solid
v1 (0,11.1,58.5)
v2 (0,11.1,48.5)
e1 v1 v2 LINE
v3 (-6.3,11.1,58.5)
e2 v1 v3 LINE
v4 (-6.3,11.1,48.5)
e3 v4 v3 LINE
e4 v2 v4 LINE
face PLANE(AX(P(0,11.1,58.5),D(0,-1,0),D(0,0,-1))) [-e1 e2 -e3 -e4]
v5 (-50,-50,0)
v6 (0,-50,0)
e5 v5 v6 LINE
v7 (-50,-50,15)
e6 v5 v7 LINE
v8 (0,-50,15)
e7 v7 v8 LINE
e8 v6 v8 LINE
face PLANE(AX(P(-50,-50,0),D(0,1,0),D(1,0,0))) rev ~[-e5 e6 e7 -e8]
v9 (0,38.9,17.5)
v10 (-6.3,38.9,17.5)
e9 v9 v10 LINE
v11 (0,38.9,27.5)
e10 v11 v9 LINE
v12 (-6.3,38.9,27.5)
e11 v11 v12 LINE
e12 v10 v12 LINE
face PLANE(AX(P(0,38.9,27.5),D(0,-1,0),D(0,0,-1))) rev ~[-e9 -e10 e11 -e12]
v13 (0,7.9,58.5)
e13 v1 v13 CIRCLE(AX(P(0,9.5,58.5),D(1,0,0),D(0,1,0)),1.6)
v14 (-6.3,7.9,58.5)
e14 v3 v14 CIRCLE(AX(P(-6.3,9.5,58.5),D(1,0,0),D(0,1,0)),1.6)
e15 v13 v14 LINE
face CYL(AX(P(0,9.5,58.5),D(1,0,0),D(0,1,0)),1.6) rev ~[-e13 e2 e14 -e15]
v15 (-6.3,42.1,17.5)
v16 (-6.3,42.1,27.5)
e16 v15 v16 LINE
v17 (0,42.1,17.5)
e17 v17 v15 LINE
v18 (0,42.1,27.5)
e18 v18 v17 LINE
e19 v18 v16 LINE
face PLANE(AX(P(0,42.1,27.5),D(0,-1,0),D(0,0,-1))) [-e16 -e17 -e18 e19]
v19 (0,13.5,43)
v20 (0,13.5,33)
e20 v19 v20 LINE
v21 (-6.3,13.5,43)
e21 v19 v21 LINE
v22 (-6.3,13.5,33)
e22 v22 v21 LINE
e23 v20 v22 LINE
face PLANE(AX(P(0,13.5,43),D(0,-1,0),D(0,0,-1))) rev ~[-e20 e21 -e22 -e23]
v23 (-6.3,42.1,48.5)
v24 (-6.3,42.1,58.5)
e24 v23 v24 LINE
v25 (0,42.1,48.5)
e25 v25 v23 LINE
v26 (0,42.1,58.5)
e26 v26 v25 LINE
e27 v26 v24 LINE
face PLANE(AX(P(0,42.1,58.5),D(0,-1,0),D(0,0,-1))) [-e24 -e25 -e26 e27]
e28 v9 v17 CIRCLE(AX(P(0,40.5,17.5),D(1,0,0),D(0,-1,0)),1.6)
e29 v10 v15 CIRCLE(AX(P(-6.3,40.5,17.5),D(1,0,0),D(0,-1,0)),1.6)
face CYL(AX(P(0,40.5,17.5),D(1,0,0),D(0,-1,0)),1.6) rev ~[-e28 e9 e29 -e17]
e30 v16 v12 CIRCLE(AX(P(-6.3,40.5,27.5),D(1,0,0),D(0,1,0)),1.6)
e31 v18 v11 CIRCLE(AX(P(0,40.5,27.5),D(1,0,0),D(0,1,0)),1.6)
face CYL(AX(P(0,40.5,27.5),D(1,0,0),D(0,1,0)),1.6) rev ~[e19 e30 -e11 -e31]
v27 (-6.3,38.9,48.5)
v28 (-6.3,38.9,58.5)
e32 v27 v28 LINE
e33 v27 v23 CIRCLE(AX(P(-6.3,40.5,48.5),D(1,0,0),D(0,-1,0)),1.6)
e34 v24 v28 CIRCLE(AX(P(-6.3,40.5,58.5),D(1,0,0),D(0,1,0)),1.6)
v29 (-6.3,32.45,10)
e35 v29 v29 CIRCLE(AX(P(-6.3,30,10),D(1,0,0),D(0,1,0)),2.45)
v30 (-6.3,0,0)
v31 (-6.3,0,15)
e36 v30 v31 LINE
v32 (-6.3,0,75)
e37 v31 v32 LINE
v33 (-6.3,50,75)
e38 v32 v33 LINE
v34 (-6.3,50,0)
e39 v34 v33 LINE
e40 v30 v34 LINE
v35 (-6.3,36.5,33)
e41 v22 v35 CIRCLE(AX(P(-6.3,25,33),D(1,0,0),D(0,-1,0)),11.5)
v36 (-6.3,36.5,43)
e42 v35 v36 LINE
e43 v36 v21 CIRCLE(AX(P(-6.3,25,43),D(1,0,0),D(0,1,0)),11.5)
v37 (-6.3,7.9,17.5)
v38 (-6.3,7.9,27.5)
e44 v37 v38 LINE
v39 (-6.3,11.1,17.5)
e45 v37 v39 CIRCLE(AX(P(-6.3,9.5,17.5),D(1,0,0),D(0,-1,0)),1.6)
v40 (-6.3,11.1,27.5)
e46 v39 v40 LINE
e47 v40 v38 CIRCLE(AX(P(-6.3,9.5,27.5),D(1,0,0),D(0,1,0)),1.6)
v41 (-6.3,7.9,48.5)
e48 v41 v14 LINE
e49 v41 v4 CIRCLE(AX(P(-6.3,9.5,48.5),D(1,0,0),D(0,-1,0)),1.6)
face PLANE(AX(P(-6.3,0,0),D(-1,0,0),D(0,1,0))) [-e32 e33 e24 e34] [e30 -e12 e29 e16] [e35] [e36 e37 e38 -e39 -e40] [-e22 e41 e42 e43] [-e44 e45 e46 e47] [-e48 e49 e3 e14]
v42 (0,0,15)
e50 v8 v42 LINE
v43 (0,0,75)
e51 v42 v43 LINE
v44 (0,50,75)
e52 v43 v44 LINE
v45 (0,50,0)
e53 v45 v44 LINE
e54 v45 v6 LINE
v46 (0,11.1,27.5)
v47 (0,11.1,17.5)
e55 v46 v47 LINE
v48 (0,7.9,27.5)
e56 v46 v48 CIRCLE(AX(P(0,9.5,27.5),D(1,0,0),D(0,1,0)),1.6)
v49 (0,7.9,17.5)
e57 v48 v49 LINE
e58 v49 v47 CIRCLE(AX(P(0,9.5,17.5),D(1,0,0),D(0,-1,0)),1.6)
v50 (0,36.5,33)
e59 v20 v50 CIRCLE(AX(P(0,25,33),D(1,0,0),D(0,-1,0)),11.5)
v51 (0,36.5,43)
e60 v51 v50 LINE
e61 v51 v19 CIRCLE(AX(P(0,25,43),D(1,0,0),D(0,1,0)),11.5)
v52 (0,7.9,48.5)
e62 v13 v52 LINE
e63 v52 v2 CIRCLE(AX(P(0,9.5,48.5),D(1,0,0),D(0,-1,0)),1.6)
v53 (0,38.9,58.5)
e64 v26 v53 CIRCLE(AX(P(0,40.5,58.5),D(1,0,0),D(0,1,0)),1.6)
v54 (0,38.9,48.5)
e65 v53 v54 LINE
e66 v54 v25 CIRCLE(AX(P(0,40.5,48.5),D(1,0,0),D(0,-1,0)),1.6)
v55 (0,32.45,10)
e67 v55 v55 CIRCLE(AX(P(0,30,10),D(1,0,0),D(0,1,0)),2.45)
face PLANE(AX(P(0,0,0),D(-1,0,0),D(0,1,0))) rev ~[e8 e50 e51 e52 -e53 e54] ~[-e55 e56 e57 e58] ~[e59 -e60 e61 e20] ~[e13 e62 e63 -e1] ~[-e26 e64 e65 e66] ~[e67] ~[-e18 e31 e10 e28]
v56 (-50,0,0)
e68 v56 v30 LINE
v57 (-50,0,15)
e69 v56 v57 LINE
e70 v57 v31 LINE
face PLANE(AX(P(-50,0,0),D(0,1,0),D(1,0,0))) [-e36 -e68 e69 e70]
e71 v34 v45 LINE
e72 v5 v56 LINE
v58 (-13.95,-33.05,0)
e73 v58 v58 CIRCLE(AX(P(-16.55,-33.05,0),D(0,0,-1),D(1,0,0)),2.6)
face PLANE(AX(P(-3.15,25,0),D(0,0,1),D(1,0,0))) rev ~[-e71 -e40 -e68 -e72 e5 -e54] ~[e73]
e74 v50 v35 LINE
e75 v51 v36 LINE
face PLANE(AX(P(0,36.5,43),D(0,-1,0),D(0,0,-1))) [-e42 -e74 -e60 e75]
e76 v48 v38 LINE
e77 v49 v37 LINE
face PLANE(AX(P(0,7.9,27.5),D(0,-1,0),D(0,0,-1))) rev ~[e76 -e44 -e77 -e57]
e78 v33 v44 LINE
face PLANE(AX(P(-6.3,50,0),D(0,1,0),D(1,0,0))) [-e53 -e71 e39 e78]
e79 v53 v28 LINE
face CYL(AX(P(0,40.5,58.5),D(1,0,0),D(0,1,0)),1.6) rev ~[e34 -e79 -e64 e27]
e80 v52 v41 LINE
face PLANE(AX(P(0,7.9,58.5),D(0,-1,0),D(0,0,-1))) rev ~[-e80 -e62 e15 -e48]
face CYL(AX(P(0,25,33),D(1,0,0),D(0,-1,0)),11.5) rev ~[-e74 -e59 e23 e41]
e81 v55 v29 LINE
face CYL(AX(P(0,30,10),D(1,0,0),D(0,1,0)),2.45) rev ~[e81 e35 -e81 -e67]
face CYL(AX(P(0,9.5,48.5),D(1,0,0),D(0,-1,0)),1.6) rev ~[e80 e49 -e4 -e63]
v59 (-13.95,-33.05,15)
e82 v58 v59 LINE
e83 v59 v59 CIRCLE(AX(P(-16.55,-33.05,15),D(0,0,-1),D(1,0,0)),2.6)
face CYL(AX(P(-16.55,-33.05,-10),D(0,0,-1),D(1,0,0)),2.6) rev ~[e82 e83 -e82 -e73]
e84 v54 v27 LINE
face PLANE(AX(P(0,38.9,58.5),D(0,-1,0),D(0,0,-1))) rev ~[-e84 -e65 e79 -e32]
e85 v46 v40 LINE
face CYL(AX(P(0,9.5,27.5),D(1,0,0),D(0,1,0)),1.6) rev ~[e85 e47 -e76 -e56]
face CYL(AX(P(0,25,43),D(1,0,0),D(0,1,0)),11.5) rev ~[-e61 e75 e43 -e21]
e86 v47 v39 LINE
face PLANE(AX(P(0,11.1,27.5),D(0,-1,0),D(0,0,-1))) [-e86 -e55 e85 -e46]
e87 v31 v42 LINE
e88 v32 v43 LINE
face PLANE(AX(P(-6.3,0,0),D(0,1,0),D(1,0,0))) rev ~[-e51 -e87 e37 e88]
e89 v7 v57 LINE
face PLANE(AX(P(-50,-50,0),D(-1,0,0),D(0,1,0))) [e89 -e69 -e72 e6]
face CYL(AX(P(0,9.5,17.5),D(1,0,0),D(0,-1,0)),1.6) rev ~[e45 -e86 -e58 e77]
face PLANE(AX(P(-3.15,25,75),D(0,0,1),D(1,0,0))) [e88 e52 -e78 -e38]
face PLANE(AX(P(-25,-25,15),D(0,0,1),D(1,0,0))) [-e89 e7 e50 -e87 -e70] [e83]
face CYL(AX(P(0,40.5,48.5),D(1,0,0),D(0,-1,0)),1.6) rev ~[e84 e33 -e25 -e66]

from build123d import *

# Parameters (mm, degrees)
SKETCH_W        = 50
SKETCH_H        = 50
PAD_DEPTH       = 15
SKETCH001_W     = 6.3
SKETCH001_H     = 50
PAD001_DEPTH    = 75
SKETCH002_R     = 2.45
POCKET_DEPTH    = 13
SKETCH004_R     = 2.6
POCKET001_DEPTH = 85.001


with BuildPart() as part:
    # Sketch → Pad (new body)
    with BuildSketch(Plane.XY):
        with Locations((-25, -25)):
            Rectangle(SKETCH_W, SKETCH_H)
    extrude(amount=PAD_DEPTH)

    # Sketch001 → Pad001 (join)
    with BuildSketch(Plane.XY):
        with Locations((-3.15, 25)):
            Rectangle(SKETCH001_W, SKETCH001_H)
    extrude(amount=PAD001_DEPTH)

    # Sketch002 (on Face12 of Pad001) → Pocket (cut)
    with BuildSketch(Plane.YZ):
        with Locations((30, 10)):
            Circle(SKETCH002_R)
        with BuildLine():
            ThreePointArc((42.1, 58.5), (40.5, 60.1), (38.9, 58.5))
            Line((38.9, 58.5), (38.9, 48.5))
            ThreePointArc((38.9, 48.5), (40.5, 46.9), (42.1, 48.5))
            Line((42.1, 58.5), (42.1, 48.5))
        make_face()
        with BuildLine():
            ThreePointArc((42.1, 27.5), (40.5, 29.1), (38.9, 27.5))
            Line((38.9, 27.5), (38.9, 17.5))
            ThreePointArc((38.9, 17.5), (40.5, 15.9), (42.1, 17.5))
            Line((42.1, 27.5), (42.1, 17.5))
        make_face()
        with BuildLine():
            ThreePointArc((11.1, 58.5), (9.5, 60.1), (7.9, 58.5))
            Line((7.9, 58.5), (7.9, 48.5))
            ThreePointArc((7.9, 48.5), (9.5, 46.9), (11.1, 48.5))
            Line((11.1, 58.5), (11.1, 48.5))
        make_face()
        with BuildLine():
            ThreePointArc((11.1, 27.5), (9.5, 29.1), (7.9, 27.5))
            Line((7.9, 27.5), (7.9, 17.5))
            ThreePointArc((7.9, 17.5), (9.5, 15.9), (11.1, 17.5))
            Line((11.1, 27.5), (11.1, 17.5))
        make_face()
        with BuildLine():
            ThreePointArc((36.5, 43), (25, 54.5), (13.5, 43))
            Line((13.5, 43), (13.5, 33))
            ThreePointArc((13.5, 33), (25, 21.5), (36.5, 33))
            Line((36.5, 43), (36.5, 33))
        make_face()
    extrude(amount=-POCKET_DEPTH, mode=Mode.SUBTRACT)

    # Sketch004 → Pocket001 (cut, through all)
    with BuildSketch(Plane(origin=(0, 0, -10), x_dir=(1, 0, 0), z_dir=(0, 0, -1))):
        with Locations((-16.55, 33.05)):
            Circle(SKETCH004_R)
    extrude(amount=-POCKET001_DEPTH, mode=Mode.SUBTRACT)


solid = part.part
